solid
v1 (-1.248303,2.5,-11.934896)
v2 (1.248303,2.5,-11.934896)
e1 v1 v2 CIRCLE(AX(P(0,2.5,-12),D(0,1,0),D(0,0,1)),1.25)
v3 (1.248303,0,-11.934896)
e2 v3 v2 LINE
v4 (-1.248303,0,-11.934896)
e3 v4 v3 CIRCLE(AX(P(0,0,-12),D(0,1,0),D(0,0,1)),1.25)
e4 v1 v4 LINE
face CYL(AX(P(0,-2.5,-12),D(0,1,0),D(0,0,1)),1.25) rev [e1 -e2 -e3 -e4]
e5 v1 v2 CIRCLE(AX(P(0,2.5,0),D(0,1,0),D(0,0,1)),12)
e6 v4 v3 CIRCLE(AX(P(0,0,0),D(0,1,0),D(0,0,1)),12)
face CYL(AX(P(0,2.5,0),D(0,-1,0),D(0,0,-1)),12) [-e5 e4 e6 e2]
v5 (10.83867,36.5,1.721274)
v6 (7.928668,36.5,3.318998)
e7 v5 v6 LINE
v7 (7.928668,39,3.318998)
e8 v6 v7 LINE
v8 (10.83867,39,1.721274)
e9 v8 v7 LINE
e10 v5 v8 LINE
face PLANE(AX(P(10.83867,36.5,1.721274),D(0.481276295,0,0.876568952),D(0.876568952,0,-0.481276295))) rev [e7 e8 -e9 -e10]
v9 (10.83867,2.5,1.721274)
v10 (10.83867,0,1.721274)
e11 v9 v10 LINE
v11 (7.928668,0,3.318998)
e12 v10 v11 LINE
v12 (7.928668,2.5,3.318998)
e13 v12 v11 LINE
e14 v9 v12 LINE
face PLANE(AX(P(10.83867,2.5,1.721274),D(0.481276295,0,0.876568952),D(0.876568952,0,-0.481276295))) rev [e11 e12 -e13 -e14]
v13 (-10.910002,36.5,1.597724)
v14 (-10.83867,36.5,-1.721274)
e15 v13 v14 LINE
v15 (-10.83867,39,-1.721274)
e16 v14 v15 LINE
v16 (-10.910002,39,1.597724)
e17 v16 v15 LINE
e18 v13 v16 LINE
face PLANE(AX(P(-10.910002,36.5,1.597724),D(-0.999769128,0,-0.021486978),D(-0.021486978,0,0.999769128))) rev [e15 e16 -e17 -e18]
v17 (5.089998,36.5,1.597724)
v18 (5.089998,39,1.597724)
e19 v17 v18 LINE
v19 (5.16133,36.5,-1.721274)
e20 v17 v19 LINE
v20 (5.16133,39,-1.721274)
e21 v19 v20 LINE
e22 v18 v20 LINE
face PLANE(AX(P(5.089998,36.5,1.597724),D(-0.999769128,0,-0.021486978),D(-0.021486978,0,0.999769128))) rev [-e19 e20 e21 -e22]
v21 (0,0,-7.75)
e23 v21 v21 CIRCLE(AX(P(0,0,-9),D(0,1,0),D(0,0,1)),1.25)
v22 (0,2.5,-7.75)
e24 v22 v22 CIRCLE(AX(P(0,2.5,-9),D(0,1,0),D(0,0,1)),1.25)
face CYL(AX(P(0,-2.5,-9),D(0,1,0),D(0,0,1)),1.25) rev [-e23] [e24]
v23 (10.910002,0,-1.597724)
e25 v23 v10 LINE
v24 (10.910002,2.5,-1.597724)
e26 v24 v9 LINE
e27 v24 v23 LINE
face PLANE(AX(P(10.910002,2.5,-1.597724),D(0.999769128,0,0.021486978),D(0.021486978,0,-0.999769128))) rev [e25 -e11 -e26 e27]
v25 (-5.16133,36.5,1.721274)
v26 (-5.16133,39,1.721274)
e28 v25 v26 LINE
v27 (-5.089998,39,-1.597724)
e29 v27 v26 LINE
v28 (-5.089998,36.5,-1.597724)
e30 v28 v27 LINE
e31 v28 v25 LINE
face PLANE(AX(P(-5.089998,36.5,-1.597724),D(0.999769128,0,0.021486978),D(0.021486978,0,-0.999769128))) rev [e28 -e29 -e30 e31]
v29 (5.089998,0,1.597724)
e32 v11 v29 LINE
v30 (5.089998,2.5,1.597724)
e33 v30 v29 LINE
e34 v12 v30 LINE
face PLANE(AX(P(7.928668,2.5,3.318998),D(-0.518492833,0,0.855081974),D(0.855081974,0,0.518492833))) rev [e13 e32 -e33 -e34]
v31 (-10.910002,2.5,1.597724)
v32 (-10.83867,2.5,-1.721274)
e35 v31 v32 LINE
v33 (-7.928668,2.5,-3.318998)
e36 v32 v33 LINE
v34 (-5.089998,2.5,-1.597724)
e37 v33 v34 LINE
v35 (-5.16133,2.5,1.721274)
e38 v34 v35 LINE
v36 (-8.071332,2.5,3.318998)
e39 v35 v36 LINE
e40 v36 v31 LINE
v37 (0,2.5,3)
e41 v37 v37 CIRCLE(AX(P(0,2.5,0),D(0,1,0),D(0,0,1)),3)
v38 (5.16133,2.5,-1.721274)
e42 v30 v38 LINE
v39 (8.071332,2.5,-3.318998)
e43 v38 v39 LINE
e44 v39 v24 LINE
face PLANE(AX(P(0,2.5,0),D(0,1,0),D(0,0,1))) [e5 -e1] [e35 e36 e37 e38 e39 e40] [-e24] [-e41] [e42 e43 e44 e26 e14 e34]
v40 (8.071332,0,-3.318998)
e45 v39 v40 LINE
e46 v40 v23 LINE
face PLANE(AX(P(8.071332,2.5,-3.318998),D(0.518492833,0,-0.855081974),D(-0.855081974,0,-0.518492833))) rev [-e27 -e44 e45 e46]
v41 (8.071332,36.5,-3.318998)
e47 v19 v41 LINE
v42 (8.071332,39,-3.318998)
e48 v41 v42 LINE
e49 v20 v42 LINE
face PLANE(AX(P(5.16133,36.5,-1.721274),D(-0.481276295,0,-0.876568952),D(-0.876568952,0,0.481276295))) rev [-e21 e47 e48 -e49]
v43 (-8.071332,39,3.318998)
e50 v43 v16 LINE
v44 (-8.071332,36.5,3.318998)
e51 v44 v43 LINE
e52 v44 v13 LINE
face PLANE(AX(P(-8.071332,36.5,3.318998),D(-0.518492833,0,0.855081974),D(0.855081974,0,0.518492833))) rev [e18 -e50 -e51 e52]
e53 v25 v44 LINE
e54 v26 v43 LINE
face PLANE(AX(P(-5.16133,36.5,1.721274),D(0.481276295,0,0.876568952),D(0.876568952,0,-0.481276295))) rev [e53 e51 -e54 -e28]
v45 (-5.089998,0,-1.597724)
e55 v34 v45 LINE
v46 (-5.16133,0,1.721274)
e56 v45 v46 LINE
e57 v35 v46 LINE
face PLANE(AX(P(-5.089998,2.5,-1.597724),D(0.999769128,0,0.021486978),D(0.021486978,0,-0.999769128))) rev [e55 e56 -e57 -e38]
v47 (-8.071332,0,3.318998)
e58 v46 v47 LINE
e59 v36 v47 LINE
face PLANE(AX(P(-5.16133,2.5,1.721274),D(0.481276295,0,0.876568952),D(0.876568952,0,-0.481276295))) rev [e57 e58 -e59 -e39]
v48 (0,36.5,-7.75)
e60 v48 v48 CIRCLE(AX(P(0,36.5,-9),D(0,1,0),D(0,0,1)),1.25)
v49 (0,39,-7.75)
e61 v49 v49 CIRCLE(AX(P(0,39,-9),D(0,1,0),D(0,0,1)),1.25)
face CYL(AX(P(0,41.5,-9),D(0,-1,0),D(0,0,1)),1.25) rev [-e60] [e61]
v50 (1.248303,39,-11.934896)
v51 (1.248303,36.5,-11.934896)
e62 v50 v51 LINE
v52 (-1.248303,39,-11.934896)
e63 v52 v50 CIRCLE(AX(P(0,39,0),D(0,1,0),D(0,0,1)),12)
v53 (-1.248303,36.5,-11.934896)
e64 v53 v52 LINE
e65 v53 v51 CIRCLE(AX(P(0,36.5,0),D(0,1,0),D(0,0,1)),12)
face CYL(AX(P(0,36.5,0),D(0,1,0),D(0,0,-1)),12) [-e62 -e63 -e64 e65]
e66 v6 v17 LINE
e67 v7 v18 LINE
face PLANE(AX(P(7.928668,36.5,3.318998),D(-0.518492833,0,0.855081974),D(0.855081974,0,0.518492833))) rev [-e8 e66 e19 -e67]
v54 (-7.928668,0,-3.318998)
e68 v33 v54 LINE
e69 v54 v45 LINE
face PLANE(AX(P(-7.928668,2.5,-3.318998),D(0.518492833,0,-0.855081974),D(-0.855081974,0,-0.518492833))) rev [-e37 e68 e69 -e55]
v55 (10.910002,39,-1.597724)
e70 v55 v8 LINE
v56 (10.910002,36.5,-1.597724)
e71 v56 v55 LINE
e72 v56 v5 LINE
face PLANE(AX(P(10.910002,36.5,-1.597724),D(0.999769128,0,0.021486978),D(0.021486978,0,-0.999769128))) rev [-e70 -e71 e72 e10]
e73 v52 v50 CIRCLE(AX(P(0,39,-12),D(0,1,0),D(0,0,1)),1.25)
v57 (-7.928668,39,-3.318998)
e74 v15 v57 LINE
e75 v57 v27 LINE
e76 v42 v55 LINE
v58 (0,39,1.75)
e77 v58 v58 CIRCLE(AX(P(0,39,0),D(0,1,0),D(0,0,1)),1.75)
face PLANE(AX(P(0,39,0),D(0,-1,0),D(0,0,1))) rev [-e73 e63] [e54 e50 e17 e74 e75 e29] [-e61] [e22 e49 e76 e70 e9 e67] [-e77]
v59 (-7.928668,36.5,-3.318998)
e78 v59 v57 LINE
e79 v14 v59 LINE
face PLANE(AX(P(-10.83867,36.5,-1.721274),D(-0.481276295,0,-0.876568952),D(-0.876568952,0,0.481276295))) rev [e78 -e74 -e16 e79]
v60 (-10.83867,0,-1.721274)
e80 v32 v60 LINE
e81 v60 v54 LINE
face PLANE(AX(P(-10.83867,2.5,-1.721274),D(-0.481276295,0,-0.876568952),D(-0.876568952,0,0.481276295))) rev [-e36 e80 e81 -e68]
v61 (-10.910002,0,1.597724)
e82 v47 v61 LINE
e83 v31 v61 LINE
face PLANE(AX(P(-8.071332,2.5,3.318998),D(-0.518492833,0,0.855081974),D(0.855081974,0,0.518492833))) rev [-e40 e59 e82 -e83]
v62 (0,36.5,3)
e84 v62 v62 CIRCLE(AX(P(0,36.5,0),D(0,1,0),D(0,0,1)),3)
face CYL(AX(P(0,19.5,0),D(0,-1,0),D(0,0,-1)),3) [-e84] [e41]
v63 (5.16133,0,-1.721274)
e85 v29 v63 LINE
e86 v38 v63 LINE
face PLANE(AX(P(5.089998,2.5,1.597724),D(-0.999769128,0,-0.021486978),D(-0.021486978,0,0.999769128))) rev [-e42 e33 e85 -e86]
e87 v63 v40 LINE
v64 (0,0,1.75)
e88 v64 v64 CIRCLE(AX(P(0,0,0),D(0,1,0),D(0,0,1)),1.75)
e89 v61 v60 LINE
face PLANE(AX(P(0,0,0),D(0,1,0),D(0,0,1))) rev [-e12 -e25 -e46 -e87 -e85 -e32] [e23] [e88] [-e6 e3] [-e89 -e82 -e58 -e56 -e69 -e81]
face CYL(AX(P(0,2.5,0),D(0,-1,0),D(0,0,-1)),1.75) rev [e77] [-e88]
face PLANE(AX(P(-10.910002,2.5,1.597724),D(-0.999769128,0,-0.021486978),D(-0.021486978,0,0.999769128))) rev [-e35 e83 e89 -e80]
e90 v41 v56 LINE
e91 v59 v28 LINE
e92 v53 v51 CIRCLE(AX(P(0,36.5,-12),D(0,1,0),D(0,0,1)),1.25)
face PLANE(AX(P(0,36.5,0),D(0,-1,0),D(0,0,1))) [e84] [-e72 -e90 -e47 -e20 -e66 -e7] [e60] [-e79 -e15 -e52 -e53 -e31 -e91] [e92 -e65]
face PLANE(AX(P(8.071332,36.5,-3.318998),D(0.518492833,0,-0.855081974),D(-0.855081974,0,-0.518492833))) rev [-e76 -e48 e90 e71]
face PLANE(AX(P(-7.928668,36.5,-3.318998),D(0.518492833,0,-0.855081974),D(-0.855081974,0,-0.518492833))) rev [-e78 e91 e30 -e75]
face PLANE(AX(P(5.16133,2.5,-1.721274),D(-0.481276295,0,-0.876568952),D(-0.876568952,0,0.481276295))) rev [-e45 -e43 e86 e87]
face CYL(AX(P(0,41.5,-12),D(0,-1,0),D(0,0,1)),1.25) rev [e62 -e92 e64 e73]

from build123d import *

# Parameters (mm, degrees)
SKETCH1_R           = 12
SKETCH1_R_2         = 1.75
BOSS_EXTRUDE1_DEPTH = 2.5
CUT_EXTRUDE3_DEPTH  = 2.5
SKETCH4_R           = 1.25
CUT_EXTRUDE4_DEPTH  = 5
SKETCH2_R           = 3
SKETCH2_R_2         = 1.75
BOSS_EXTRUDE2_DEPTH = 17


with BuildPart() as part:
    # Sketch1 → Boss-Extrude1 (new body)
    with BuildSketch(Plane(origin=(0, 0, 0), x_dir=(1, 0, 0), z_dir=(0, 1, 0))):
        Circle(SKETCH1_R)
        Circle(SKETCH1_R_2, mode=Mode.SUBTRACT)
    extrude(amount=BOSS_EXTRUDE1_DEPTH)

    # Sketch3 → Cut-Extrude3 (cut)
    with BuildSketch(Plane.XZ):
        Polygon((-5.161329605, 1.721273866), (-8.071331697, 3.318997608), (-10.910002092, 1.597723742), (-10.838670395, -1.721273866), (-7.928668303, -3.318997608), (-5.089997908, -1.597723742), align=None)
        Polygon((5.161329605, -1.721273866), (8.071331697, -3.318997608), (10.910002092, -1.597723742), (10.838670395, 1.721273866), (7.928668303, 3.318997608), (5.089997908, 1.597723742), align=None)
    extrude(amount=-CUT_EXTRUDE3_DEPTH, mode=Mode.SUBTRACT)

    # Sketch4 → Cut-Extrude4 (cut)
    with BuildSketch(Plane(origin=(0, 2.5, 0), x_dir=(1, 0, 0), z_dir=(0, 1, 0))):
        with Locations((0, 9)):
            Circle(SKETCH4_R)
        with Locations((0, 12)):
            Circle(SKETCH4_R)
    extrude(amount=-CUT_EXTRUDE4_DEPTH, mode=Mode.SUBTRACT)

    # Sketch2 → Boss-Extrude2 (add)
    with BuildSketch(Plane(origin=(0, 2.5, 0), x_dir=(1, 0, 0), z_dir=(0, 1, 0))):
        Circle(SKETCH2_R)
        Circle(SKETCH2_R_2, mode=Mode.SUBTRACT)
    extrude(amount=BOSS_EXTRUDE2_DEPTH)

    # Mirror7: part across plane


with BuildPart() as part_1:
    add(part.part)
    add(part.part.mirror(Plane.ZX.offset(19.5)))


solid = part_1.part
